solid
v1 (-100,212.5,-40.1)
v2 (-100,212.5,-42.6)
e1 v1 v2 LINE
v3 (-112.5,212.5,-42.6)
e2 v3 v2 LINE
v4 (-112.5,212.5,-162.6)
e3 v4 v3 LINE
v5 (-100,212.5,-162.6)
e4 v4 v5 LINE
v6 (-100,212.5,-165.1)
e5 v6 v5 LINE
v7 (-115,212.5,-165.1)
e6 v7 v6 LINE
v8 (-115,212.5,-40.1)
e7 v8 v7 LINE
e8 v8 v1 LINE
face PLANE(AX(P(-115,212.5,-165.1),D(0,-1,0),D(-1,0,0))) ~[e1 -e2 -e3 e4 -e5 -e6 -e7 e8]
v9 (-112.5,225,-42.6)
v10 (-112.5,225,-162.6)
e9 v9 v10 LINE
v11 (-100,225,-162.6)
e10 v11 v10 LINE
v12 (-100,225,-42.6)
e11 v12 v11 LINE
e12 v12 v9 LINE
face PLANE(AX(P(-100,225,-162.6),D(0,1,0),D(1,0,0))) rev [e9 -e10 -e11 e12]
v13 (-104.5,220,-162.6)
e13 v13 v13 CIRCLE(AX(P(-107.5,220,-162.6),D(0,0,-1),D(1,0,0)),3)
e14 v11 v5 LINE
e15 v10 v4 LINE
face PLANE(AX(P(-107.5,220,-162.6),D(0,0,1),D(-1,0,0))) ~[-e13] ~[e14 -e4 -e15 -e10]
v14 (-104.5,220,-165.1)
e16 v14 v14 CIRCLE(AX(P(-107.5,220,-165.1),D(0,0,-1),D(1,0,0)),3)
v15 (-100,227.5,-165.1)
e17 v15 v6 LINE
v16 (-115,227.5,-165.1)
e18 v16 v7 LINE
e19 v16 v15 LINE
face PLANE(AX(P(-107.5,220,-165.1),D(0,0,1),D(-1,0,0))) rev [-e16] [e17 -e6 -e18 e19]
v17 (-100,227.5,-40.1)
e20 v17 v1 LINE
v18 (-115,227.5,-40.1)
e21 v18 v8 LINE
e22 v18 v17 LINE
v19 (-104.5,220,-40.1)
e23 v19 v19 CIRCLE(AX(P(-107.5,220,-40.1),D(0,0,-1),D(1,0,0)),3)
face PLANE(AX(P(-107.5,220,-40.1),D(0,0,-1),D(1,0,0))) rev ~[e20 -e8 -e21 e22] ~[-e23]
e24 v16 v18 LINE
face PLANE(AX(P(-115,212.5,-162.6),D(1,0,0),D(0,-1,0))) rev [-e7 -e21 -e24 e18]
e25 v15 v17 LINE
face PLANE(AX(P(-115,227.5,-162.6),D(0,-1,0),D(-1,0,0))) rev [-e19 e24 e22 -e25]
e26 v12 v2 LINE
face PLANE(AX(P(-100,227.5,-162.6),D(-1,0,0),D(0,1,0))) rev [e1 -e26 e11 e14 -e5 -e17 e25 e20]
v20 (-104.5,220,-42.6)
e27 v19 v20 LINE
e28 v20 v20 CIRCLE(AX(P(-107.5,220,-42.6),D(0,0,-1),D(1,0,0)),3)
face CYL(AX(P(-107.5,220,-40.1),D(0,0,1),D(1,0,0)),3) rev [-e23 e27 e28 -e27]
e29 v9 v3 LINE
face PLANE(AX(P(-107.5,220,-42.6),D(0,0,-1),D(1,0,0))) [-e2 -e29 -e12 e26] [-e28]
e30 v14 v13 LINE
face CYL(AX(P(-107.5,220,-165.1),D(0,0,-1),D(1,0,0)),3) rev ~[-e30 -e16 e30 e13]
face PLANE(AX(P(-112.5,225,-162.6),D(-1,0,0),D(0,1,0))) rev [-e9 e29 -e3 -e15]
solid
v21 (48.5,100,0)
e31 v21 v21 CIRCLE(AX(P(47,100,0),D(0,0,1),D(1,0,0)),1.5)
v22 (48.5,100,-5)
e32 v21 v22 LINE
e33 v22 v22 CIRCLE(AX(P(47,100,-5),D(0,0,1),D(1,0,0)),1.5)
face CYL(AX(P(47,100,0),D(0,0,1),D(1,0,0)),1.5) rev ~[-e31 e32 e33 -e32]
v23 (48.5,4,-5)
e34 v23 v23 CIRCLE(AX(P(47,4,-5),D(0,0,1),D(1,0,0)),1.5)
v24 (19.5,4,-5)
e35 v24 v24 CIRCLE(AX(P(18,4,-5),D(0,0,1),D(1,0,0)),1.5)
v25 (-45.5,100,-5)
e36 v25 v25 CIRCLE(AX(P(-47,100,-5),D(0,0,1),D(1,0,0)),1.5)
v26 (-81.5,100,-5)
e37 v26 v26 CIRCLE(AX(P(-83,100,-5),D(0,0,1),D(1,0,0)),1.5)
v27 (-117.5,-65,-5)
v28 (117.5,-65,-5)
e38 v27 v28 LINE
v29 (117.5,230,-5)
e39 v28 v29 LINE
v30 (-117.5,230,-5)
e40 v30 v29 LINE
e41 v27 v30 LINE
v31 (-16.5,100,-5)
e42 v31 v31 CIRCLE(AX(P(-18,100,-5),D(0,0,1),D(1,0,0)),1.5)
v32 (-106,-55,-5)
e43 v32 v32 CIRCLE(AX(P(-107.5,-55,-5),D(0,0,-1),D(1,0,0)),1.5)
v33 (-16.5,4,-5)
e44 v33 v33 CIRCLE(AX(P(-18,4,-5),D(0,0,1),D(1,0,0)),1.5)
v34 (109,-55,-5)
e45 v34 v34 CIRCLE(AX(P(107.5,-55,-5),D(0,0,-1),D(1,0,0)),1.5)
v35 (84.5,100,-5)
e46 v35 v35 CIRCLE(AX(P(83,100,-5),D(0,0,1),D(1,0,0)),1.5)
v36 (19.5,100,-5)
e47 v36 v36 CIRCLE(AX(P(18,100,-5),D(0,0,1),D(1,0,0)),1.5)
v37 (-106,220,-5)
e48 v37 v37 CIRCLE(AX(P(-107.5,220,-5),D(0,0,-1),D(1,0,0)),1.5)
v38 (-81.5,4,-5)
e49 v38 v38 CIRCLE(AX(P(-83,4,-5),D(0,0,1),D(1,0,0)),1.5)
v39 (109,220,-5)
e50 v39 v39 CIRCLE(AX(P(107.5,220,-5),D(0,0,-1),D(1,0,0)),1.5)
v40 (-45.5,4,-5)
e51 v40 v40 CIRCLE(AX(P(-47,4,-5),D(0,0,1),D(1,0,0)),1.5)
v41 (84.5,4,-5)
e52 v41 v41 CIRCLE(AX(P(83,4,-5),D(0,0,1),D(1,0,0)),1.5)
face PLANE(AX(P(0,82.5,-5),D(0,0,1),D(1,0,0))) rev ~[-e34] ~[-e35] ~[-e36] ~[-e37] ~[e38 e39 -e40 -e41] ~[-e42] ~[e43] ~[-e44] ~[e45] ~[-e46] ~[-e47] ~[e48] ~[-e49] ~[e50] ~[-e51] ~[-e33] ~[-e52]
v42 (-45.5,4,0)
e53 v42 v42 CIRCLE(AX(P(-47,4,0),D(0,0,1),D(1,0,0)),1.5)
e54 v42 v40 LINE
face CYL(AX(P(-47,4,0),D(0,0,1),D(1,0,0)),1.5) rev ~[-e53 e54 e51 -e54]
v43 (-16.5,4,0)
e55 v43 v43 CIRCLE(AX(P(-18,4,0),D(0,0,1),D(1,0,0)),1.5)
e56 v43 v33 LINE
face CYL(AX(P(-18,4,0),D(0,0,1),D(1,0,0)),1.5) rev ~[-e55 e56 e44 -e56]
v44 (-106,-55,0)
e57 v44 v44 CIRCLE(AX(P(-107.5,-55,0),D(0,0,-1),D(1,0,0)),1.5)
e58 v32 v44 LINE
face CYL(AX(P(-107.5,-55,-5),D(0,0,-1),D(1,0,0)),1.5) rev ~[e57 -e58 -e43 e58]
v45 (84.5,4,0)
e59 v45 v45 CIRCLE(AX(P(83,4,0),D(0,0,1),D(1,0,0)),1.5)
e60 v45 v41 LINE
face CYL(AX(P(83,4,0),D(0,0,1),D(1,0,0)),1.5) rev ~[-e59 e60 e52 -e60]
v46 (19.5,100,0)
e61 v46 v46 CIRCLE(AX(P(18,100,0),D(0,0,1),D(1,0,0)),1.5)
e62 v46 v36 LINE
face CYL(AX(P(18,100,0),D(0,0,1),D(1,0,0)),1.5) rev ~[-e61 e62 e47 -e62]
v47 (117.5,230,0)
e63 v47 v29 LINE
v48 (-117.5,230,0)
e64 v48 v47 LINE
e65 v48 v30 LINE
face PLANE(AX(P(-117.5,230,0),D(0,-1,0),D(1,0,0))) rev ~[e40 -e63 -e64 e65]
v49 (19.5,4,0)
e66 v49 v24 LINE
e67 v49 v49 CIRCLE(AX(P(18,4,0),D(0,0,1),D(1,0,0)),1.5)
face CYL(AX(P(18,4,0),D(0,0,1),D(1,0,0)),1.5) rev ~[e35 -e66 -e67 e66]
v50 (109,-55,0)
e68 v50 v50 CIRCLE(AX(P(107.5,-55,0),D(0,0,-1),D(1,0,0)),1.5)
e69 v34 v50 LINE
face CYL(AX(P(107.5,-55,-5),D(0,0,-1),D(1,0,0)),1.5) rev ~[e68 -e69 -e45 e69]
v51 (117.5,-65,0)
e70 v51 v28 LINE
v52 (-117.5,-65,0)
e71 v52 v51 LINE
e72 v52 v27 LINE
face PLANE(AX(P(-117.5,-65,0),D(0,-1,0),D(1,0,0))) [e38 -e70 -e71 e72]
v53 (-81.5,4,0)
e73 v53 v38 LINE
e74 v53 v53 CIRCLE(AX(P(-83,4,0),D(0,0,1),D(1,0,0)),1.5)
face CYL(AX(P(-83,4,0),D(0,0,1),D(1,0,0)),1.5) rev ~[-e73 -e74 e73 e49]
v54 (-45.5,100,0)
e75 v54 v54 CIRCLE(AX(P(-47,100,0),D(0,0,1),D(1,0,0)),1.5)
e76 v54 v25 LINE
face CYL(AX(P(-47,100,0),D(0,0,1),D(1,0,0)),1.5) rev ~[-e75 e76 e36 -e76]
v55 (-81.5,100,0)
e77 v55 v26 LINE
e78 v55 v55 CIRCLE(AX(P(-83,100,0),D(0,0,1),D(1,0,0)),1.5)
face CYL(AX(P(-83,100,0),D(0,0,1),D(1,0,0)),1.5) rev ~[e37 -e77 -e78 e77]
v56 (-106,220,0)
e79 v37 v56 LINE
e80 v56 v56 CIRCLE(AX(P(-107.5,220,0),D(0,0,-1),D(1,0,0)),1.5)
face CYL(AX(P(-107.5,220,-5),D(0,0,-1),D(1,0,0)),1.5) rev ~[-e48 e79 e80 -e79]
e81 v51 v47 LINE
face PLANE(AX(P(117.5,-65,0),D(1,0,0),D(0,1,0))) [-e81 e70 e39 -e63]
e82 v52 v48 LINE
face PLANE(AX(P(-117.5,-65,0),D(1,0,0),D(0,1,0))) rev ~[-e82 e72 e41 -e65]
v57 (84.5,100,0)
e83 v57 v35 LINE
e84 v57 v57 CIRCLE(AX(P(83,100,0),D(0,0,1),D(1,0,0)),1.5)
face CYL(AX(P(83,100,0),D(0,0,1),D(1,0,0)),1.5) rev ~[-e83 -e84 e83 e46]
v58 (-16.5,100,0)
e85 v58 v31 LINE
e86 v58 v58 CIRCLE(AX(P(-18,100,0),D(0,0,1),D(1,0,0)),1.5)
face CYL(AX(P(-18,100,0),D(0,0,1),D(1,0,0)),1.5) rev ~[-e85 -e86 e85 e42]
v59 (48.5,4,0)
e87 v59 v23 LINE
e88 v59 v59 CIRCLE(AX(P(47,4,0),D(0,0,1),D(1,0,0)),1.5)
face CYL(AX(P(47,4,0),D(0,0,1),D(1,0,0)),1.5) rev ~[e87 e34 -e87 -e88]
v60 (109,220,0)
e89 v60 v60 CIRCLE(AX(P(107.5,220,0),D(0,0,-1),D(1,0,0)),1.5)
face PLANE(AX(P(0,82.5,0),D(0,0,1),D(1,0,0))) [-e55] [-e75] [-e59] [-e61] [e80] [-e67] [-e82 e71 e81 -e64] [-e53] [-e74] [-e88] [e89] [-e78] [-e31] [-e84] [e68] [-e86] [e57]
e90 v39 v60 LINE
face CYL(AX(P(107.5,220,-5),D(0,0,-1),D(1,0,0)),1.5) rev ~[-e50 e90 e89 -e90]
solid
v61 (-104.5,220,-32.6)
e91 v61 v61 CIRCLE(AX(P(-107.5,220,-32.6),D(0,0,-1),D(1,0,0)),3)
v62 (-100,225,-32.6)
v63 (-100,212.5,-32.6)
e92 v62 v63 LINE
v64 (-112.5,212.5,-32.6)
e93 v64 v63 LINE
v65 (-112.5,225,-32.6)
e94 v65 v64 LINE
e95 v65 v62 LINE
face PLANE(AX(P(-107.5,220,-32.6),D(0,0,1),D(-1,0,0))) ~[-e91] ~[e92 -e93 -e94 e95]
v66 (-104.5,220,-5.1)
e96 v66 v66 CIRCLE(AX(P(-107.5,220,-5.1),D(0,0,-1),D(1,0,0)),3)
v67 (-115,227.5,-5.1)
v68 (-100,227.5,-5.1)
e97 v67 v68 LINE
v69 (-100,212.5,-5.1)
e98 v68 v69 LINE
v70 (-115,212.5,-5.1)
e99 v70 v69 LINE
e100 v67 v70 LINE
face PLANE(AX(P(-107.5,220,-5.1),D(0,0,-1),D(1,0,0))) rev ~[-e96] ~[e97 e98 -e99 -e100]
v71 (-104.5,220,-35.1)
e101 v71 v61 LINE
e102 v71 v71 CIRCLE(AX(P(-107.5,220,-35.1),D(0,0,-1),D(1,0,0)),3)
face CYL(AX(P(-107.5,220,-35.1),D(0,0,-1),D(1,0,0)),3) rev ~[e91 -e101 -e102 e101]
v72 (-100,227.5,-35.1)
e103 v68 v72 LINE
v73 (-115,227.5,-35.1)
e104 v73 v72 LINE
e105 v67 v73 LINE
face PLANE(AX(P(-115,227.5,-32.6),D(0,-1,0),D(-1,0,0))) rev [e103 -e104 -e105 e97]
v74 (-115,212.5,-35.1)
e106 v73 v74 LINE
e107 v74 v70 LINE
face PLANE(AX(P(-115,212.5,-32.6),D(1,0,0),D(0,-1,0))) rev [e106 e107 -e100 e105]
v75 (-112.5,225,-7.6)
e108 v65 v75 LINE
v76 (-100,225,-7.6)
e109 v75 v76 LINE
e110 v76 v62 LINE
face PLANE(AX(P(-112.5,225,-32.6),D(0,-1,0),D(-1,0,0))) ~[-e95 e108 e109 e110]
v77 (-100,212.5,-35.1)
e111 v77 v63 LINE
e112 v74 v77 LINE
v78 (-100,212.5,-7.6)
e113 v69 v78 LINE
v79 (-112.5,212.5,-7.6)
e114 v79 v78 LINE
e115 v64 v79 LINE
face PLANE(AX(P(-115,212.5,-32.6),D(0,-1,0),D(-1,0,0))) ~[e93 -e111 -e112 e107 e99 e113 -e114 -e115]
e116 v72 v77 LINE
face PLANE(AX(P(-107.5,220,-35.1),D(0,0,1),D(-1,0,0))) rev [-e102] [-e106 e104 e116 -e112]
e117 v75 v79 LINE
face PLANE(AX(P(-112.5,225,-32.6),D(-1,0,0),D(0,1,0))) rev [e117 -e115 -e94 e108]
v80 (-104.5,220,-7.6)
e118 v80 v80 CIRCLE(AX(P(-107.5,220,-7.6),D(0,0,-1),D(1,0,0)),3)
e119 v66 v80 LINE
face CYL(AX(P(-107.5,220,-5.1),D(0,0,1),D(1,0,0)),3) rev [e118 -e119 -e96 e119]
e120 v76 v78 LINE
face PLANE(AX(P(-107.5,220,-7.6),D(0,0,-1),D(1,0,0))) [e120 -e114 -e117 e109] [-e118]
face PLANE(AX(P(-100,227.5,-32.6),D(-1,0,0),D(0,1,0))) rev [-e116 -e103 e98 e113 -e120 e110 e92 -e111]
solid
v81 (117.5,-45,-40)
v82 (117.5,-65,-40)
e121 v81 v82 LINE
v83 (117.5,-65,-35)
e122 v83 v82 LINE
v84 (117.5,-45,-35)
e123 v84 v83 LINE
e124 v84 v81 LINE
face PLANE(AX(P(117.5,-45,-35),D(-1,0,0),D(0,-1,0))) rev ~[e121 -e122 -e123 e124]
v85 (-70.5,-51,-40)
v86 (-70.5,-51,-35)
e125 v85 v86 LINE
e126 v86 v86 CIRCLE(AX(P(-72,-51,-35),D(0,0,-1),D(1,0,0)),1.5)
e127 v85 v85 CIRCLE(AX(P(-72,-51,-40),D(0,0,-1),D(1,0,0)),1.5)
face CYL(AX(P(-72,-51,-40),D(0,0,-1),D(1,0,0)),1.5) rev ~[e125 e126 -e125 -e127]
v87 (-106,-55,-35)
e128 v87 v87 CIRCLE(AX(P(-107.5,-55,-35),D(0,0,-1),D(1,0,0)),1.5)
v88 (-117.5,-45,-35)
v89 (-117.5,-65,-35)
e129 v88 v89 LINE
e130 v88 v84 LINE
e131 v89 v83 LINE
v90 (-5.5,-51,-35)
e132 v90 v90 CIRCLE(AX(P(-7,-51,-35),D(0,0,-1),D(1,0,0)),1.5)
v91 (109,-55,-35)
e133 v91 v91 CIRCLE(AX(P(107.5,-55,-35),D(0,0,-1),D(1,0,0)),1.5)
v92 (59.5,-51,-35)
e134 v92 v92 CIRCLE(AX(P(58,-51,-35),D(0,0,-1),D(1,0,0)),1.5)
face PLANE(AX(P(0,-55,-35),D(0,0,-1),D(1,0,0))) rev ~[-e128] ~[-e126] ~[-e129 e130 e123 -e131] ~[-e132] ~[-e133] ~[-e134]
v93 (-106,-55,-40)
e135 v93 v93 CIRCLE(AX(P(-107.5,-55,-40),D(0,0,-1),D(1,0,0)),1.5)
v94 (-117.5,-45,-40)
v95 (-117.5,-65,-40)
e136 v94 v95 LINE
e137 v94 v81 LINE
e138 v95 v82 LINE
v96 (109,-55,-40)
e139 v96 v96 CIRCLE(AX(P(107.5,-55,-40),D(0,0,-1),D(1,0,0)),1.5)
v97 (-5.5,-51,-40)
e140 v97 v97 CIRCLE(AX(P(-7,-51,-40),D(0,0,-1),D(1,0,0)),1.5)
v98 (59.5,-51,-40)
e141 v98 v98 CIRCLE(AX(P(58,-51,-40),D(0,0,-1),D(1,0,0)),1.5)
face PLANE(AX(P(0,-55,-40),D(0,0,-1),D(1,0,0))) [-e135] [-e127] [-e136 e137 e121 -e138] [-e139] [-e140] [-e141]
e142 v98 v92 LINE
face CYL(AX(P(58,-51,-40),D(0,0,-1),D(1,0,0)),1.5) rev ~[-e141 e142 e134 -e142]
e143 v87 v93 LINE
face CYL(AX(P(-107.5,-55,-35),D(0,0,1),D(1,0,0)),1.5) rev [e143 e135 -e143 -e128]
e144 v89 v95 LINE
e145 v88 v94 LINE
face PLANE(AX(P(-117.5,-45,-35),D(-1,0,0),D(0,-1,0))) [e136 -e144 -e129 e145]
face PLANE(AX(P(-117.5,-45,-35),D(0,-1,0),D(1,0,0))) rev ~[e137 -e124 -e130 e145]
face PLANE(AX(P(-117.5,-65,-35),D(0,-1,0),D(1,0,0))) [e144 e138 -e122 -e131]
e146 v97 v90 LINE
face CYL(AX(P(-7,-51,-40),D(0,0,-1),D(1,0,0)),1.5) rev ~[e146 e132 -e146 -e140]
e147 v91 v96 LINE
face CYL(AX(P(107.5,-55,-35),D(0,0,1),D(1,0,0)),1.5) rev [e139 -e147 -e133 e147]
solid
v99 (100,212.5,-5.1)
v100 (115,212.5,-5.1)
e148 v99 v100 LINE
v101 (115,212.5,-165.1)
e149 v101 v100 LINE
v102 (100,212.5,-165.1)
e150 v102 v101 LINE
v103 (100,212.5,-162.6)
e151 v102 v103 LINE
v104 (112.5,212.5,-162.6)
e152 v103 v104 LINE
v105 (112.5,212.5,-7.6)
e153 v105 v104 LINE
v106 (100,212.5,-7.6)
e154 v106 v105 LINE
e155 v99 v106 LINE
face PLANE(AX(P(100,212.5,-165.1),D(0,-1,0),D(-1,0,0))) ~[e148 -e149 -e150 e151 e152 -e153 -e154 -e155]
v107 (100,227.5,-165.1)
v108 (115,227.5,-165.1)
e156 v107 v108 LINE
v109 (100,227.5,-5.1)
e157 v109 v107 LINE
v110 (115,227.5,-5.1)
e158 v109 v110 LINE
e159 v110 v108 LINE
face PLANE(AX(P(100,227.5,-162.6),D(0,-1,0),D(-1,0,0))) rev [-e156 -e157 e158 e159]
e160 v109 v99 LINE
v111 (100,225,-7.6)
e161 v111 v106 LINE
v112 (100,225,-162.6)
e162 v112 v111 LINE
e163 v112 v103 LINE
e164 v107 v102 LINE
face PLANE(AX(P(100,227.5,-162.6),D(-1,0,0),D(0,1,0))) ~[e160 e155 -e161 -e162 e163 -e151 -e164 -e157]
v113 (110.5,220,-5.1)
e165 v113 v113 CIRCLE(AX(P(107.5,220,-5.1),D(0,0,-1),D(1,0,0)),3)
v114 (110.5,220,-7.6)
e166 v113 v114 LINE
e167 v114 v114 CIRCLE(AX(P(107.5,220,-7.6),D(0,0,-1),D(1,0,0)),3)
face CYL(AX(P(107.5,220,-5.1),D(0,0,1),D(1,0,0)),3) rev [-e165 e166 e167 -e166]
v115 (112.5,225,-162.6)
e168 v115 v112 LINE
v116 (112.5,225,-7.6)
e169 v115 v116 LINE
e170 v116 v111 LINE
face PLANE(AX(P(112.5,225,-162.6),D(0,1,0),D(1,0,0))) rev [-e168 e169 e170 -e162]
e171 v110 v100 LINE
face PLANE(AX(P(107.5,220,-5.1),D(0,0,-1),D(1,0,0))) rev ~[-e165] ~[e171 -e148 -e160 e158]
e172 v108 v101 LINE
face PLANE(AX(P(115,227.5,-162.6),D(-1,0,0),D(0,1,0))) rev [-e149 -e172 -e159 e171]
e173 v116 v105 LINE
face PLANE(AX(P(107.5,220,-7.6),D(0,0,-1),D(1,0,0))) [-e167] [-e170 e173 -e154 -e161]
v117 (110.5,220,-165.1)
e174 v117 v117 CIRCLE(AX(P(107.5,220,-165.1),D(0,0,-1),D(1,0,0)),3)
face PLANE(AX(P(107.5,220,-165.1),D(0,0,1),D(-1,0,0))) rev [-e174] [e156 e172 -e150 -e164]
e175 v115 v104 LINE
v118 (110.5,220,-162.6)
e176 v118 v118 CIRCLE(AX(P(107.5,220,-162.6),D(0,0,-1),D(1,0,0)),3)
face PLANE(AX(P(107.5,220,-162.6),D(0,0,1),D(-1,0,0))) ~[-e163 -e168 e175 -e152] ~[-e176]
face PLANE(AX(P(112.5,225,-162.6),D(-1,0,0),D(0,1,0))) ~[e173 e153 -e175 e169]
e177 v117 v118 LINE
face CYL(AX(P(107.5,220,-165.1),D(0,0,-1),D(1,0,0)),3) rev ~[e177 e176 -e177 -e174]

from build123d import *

# Parameters (mm, degrees)
F1_W      = 235
F1_H      = 295
F2_DEPTH  = 5
F0_R      = 1.5
F3_DEPTH  = 5.001
F4_R      = 1.5
F5_DEPTH  = 5.001
F7_W      = 15
F7_H      = 15
F7_R      = 3
F8_DEPTH  = 2.5
F9_W      = 2.5
F9_H      = 12.5
F9_H_2    = 2.5
F9_W_2    = 12.5
F10_DEPTH = 12.5
F13_W     = 235
F13_H     = 20
F13_R     = 1.5
F14_DEPTH = 5
F15_R     = 1.5
F16_DEPTH = 40.001
F17_W     = 15
F17_H     = 15
F17_R     = 3
F18_DEPTH = 2.5
F19_W     = 12.5
F19_H     = 2.5
F19_W_2   = 2.5
F19_H_2   = 12.5
F20_DEPTH = 77.5
F23_W     = 15
F23_H     = 15
F23_R     = 3
F24_DEPTH = 2.5
F25_W     = 12.5
F25_H     = 2.5
F25_W_2   = 2.5
F25_H_2   = 12.5
F26_DEPTH = 60


with BuildPart() as f2:
    # F1 (on Top) → F2 (new body)
    with BuildSketch(Plane.XY):
        with Locations((0, 82.5)):
            Rectangle(F1_W, F1_H)
    extrude(amount=-F2_DEPTH)

    # F0 (on Top) → F3 (cut, through all)
    with BuildSketch(Plane.XY):
        with Locations((-47, 100)):
            Circle(F0_R)
        with Locations((-83, 100)):
            Circle(F0_R)
        with Locations((-83, 4)):
            Circle(F0_R)
        with Locations((-47, 4)):
            Circle(F0_R)
        with Locations((-18, 4)):
            Circle(F0_R)
        with Locations((18, 4)):
            Circle(F0_R)
        with Locations((-18, 100)):
            Circle(F0_R)
        with Locations((18, 100)):
            Circle(F0_R)
        with Locations((47, 100)):
            Circle(F0_R)
        with Locations((83, 100)):
            Circle(F0_R)
        with Locations((83, 4)):
            Circle(F0_R)
        with Locations((47, 4)):
            Circle(F0_R)
    extrude(amount=-F3_DEPTH, mode=Mode.SUBTRACT)

    # F4 (on face) → F5 (cut, through all)
    with BuildSketch(Plane(origin=(0, 0, -5), x_dir=(1, 0, 0), z_dir=(0, 0, -1))):
        with Locations((107.5, -220)):
            Circle(F4_R)
        with Locations((107.5, 55)):
            Circle(F4_R)
        with Locations((-107.5, 55)):
            Circle(F4_R)
        with Locations((-107.5, -220)):
            Circle(F4_R)
    extrude(amount=-F5_DEPTH, mode=Mode.SUBTRACT)


with BuildPart() as f8:
    # F7 (on offset) → F8 (new body)
    with BuildSketch(Plane(origin=(0, 0, -5.1), x_dir=(1, 0, 0), z_dir=(0, 0, -1))):
        with Locations((-107.5, -220)):
            Rectangle(F7_W, F7_H)
        with Locations((-107.5, -220)):
            Circle(F7_R, mode=Mode.SUBTRACT)
    extrude(amount=F8_DEPTH)

    # F9 (on face) → F10 (join)
    with BuildSketch(Plane(origin=(0, 0, -7.6), x_dir=(1, 0, 0), z_dir=(0, 0, -1))):
        with Locations((-113.75, -218.75)):
            Rectangle(F9_W, F9_H)
        with Locations((-113.75, -226.25)):
            Rectangle(F9_W, F9_H_2)
        with Locations((-106.25, -226.25)):
            Rectangle(F9_W_2, F9_H_2)
    extrude(amount=F10_DEPTH)

    # F11: F8 across face


with BuildPart() as f8_1:
    add(f8.part)
    add(f8.part.mirror(Plane(origin=(-110.3409090909, 222.8409090909, -20.1), x_dir=(1, 0, 0), z_dir=(0, 0, -1))))


with BuildPart() as f14:
    # F13 (on offset) → F14 (new body)
    with BuildSketch(Plane(origin=(0, 0, -35), x_dir=(1, 0, 0), z_dir=(0, 0, -1))):
        with Locations((0, 55)):
            Rectangle(F13_W, F13_H)
        with Locations((-107.5, 55)):
            Circle(F13_R, mode=Mode.SUBTRACT)
        with Locations((107.5, 55)):
            Circle(F13_R, mode=Mode.SUBTRACT)
    extrude(amount=F14_DEPTH)

    # F15 (on face) → F16 (cut, through all)
    with BuildSketch(Plane(origin=(0, 0, -40), x_dir=(1, 0, 0), z_dir=(0, 0, -1))):
        with Locations((-72, 51)):
            Circle(F15_R)
        with Locations((-7, 51)):
            Circle(F15_R)
        with Locations((58, 51)):
            Circle(F15_R)
    extrude(amount=-F16_DEPTH, mode=Mode.SUBTRACT)


with BuildPart() as f18:
    # F17 (on offset) → F18 (new body)
    with BuildSketch(Plane(origin=(0, 0, -5.1), x_dir=(1, 0, 0), z_dir=(0, 0, -1))):
        with Locations((107.5, -220)):
            Rectangle(F17_W, F17_H)
        with Locations((107.5, -220)):
            Circle(F17_R, mode=Mode.SUBTRACT)
    extrude(amount=F18_DEPTH)

    # F19 (on face) → F20 (join)
    with BuildSketch(Plane(origin=(0, 0, -7.6), x_dir=(1, 0, 0), z_dir=(0, 0, -1))):
        with Locations((106.25, -226.25)):
            Rectangle(F19_W, F19_H)
        with Locations((113.75, -226.25)):
            Rectangle(F19_W_2, F19_H)
        with Locations((113.75, -218.75)):
            Rectangle(F19_W_2, F19_H_2)
    extrude(amount=F20_DEPTH)

    # F21: F18 across face


with BuildPart() as f18_1:
    add(f18.part)
    add(f18.part.mirror(Plane(origin=(110.3409090909, 222.8409090909, -85.1), x_dir=(1, 0, 0), z_dir=(0, 0, -1))))


with BuildPart() as f24:
    # F23 (on offset) → F24 (new body)
    with BuildSketch(Plane(origin=(0, 0, -40.1), x_dir=(1, 0, 0), z_dir=(0, 0, -1))):
        with Locations((-107.5, -220)):
            Rectangle(F23_W, F23_H)
        with Locations((-107.5, -220)):
            Circle(F23_R, mode=Mode.SUBTRACT)
    extrude(amount=F24_DEPTH)

    # F25 (on face) → F26 (join)
    with BuildSketch(Plane(origin=(0, 0, -42.6), x_dir=(1, 0, 0), z_dir=(0, 0, -1))):
        with Locations((-106.25, -226.25)):
            Rectangle(F25_W, F25_H)
        with Locations((-113.75, -226.25)):
            Rectangle(F25_W_2, F25_H)
        with Locations((-113.75, -218.75)):
            Rectangle(F25_W_2, F25_H_2)
    extrude(amount=F26_DEPTH)

    # F27: F24 across face


with BuildPart() as f24_1:
    add(f24.part)
    add(f24.part.mirror(Plane(origin=(-110.3409090909, 222.8409090909, -102.6), x_dir=(1, 0, 0), z_dir=(0, 0, -1))))


solid = Compound([f2.part, f8_1.part, f14.part, f18_1.part, f24_1.part])
